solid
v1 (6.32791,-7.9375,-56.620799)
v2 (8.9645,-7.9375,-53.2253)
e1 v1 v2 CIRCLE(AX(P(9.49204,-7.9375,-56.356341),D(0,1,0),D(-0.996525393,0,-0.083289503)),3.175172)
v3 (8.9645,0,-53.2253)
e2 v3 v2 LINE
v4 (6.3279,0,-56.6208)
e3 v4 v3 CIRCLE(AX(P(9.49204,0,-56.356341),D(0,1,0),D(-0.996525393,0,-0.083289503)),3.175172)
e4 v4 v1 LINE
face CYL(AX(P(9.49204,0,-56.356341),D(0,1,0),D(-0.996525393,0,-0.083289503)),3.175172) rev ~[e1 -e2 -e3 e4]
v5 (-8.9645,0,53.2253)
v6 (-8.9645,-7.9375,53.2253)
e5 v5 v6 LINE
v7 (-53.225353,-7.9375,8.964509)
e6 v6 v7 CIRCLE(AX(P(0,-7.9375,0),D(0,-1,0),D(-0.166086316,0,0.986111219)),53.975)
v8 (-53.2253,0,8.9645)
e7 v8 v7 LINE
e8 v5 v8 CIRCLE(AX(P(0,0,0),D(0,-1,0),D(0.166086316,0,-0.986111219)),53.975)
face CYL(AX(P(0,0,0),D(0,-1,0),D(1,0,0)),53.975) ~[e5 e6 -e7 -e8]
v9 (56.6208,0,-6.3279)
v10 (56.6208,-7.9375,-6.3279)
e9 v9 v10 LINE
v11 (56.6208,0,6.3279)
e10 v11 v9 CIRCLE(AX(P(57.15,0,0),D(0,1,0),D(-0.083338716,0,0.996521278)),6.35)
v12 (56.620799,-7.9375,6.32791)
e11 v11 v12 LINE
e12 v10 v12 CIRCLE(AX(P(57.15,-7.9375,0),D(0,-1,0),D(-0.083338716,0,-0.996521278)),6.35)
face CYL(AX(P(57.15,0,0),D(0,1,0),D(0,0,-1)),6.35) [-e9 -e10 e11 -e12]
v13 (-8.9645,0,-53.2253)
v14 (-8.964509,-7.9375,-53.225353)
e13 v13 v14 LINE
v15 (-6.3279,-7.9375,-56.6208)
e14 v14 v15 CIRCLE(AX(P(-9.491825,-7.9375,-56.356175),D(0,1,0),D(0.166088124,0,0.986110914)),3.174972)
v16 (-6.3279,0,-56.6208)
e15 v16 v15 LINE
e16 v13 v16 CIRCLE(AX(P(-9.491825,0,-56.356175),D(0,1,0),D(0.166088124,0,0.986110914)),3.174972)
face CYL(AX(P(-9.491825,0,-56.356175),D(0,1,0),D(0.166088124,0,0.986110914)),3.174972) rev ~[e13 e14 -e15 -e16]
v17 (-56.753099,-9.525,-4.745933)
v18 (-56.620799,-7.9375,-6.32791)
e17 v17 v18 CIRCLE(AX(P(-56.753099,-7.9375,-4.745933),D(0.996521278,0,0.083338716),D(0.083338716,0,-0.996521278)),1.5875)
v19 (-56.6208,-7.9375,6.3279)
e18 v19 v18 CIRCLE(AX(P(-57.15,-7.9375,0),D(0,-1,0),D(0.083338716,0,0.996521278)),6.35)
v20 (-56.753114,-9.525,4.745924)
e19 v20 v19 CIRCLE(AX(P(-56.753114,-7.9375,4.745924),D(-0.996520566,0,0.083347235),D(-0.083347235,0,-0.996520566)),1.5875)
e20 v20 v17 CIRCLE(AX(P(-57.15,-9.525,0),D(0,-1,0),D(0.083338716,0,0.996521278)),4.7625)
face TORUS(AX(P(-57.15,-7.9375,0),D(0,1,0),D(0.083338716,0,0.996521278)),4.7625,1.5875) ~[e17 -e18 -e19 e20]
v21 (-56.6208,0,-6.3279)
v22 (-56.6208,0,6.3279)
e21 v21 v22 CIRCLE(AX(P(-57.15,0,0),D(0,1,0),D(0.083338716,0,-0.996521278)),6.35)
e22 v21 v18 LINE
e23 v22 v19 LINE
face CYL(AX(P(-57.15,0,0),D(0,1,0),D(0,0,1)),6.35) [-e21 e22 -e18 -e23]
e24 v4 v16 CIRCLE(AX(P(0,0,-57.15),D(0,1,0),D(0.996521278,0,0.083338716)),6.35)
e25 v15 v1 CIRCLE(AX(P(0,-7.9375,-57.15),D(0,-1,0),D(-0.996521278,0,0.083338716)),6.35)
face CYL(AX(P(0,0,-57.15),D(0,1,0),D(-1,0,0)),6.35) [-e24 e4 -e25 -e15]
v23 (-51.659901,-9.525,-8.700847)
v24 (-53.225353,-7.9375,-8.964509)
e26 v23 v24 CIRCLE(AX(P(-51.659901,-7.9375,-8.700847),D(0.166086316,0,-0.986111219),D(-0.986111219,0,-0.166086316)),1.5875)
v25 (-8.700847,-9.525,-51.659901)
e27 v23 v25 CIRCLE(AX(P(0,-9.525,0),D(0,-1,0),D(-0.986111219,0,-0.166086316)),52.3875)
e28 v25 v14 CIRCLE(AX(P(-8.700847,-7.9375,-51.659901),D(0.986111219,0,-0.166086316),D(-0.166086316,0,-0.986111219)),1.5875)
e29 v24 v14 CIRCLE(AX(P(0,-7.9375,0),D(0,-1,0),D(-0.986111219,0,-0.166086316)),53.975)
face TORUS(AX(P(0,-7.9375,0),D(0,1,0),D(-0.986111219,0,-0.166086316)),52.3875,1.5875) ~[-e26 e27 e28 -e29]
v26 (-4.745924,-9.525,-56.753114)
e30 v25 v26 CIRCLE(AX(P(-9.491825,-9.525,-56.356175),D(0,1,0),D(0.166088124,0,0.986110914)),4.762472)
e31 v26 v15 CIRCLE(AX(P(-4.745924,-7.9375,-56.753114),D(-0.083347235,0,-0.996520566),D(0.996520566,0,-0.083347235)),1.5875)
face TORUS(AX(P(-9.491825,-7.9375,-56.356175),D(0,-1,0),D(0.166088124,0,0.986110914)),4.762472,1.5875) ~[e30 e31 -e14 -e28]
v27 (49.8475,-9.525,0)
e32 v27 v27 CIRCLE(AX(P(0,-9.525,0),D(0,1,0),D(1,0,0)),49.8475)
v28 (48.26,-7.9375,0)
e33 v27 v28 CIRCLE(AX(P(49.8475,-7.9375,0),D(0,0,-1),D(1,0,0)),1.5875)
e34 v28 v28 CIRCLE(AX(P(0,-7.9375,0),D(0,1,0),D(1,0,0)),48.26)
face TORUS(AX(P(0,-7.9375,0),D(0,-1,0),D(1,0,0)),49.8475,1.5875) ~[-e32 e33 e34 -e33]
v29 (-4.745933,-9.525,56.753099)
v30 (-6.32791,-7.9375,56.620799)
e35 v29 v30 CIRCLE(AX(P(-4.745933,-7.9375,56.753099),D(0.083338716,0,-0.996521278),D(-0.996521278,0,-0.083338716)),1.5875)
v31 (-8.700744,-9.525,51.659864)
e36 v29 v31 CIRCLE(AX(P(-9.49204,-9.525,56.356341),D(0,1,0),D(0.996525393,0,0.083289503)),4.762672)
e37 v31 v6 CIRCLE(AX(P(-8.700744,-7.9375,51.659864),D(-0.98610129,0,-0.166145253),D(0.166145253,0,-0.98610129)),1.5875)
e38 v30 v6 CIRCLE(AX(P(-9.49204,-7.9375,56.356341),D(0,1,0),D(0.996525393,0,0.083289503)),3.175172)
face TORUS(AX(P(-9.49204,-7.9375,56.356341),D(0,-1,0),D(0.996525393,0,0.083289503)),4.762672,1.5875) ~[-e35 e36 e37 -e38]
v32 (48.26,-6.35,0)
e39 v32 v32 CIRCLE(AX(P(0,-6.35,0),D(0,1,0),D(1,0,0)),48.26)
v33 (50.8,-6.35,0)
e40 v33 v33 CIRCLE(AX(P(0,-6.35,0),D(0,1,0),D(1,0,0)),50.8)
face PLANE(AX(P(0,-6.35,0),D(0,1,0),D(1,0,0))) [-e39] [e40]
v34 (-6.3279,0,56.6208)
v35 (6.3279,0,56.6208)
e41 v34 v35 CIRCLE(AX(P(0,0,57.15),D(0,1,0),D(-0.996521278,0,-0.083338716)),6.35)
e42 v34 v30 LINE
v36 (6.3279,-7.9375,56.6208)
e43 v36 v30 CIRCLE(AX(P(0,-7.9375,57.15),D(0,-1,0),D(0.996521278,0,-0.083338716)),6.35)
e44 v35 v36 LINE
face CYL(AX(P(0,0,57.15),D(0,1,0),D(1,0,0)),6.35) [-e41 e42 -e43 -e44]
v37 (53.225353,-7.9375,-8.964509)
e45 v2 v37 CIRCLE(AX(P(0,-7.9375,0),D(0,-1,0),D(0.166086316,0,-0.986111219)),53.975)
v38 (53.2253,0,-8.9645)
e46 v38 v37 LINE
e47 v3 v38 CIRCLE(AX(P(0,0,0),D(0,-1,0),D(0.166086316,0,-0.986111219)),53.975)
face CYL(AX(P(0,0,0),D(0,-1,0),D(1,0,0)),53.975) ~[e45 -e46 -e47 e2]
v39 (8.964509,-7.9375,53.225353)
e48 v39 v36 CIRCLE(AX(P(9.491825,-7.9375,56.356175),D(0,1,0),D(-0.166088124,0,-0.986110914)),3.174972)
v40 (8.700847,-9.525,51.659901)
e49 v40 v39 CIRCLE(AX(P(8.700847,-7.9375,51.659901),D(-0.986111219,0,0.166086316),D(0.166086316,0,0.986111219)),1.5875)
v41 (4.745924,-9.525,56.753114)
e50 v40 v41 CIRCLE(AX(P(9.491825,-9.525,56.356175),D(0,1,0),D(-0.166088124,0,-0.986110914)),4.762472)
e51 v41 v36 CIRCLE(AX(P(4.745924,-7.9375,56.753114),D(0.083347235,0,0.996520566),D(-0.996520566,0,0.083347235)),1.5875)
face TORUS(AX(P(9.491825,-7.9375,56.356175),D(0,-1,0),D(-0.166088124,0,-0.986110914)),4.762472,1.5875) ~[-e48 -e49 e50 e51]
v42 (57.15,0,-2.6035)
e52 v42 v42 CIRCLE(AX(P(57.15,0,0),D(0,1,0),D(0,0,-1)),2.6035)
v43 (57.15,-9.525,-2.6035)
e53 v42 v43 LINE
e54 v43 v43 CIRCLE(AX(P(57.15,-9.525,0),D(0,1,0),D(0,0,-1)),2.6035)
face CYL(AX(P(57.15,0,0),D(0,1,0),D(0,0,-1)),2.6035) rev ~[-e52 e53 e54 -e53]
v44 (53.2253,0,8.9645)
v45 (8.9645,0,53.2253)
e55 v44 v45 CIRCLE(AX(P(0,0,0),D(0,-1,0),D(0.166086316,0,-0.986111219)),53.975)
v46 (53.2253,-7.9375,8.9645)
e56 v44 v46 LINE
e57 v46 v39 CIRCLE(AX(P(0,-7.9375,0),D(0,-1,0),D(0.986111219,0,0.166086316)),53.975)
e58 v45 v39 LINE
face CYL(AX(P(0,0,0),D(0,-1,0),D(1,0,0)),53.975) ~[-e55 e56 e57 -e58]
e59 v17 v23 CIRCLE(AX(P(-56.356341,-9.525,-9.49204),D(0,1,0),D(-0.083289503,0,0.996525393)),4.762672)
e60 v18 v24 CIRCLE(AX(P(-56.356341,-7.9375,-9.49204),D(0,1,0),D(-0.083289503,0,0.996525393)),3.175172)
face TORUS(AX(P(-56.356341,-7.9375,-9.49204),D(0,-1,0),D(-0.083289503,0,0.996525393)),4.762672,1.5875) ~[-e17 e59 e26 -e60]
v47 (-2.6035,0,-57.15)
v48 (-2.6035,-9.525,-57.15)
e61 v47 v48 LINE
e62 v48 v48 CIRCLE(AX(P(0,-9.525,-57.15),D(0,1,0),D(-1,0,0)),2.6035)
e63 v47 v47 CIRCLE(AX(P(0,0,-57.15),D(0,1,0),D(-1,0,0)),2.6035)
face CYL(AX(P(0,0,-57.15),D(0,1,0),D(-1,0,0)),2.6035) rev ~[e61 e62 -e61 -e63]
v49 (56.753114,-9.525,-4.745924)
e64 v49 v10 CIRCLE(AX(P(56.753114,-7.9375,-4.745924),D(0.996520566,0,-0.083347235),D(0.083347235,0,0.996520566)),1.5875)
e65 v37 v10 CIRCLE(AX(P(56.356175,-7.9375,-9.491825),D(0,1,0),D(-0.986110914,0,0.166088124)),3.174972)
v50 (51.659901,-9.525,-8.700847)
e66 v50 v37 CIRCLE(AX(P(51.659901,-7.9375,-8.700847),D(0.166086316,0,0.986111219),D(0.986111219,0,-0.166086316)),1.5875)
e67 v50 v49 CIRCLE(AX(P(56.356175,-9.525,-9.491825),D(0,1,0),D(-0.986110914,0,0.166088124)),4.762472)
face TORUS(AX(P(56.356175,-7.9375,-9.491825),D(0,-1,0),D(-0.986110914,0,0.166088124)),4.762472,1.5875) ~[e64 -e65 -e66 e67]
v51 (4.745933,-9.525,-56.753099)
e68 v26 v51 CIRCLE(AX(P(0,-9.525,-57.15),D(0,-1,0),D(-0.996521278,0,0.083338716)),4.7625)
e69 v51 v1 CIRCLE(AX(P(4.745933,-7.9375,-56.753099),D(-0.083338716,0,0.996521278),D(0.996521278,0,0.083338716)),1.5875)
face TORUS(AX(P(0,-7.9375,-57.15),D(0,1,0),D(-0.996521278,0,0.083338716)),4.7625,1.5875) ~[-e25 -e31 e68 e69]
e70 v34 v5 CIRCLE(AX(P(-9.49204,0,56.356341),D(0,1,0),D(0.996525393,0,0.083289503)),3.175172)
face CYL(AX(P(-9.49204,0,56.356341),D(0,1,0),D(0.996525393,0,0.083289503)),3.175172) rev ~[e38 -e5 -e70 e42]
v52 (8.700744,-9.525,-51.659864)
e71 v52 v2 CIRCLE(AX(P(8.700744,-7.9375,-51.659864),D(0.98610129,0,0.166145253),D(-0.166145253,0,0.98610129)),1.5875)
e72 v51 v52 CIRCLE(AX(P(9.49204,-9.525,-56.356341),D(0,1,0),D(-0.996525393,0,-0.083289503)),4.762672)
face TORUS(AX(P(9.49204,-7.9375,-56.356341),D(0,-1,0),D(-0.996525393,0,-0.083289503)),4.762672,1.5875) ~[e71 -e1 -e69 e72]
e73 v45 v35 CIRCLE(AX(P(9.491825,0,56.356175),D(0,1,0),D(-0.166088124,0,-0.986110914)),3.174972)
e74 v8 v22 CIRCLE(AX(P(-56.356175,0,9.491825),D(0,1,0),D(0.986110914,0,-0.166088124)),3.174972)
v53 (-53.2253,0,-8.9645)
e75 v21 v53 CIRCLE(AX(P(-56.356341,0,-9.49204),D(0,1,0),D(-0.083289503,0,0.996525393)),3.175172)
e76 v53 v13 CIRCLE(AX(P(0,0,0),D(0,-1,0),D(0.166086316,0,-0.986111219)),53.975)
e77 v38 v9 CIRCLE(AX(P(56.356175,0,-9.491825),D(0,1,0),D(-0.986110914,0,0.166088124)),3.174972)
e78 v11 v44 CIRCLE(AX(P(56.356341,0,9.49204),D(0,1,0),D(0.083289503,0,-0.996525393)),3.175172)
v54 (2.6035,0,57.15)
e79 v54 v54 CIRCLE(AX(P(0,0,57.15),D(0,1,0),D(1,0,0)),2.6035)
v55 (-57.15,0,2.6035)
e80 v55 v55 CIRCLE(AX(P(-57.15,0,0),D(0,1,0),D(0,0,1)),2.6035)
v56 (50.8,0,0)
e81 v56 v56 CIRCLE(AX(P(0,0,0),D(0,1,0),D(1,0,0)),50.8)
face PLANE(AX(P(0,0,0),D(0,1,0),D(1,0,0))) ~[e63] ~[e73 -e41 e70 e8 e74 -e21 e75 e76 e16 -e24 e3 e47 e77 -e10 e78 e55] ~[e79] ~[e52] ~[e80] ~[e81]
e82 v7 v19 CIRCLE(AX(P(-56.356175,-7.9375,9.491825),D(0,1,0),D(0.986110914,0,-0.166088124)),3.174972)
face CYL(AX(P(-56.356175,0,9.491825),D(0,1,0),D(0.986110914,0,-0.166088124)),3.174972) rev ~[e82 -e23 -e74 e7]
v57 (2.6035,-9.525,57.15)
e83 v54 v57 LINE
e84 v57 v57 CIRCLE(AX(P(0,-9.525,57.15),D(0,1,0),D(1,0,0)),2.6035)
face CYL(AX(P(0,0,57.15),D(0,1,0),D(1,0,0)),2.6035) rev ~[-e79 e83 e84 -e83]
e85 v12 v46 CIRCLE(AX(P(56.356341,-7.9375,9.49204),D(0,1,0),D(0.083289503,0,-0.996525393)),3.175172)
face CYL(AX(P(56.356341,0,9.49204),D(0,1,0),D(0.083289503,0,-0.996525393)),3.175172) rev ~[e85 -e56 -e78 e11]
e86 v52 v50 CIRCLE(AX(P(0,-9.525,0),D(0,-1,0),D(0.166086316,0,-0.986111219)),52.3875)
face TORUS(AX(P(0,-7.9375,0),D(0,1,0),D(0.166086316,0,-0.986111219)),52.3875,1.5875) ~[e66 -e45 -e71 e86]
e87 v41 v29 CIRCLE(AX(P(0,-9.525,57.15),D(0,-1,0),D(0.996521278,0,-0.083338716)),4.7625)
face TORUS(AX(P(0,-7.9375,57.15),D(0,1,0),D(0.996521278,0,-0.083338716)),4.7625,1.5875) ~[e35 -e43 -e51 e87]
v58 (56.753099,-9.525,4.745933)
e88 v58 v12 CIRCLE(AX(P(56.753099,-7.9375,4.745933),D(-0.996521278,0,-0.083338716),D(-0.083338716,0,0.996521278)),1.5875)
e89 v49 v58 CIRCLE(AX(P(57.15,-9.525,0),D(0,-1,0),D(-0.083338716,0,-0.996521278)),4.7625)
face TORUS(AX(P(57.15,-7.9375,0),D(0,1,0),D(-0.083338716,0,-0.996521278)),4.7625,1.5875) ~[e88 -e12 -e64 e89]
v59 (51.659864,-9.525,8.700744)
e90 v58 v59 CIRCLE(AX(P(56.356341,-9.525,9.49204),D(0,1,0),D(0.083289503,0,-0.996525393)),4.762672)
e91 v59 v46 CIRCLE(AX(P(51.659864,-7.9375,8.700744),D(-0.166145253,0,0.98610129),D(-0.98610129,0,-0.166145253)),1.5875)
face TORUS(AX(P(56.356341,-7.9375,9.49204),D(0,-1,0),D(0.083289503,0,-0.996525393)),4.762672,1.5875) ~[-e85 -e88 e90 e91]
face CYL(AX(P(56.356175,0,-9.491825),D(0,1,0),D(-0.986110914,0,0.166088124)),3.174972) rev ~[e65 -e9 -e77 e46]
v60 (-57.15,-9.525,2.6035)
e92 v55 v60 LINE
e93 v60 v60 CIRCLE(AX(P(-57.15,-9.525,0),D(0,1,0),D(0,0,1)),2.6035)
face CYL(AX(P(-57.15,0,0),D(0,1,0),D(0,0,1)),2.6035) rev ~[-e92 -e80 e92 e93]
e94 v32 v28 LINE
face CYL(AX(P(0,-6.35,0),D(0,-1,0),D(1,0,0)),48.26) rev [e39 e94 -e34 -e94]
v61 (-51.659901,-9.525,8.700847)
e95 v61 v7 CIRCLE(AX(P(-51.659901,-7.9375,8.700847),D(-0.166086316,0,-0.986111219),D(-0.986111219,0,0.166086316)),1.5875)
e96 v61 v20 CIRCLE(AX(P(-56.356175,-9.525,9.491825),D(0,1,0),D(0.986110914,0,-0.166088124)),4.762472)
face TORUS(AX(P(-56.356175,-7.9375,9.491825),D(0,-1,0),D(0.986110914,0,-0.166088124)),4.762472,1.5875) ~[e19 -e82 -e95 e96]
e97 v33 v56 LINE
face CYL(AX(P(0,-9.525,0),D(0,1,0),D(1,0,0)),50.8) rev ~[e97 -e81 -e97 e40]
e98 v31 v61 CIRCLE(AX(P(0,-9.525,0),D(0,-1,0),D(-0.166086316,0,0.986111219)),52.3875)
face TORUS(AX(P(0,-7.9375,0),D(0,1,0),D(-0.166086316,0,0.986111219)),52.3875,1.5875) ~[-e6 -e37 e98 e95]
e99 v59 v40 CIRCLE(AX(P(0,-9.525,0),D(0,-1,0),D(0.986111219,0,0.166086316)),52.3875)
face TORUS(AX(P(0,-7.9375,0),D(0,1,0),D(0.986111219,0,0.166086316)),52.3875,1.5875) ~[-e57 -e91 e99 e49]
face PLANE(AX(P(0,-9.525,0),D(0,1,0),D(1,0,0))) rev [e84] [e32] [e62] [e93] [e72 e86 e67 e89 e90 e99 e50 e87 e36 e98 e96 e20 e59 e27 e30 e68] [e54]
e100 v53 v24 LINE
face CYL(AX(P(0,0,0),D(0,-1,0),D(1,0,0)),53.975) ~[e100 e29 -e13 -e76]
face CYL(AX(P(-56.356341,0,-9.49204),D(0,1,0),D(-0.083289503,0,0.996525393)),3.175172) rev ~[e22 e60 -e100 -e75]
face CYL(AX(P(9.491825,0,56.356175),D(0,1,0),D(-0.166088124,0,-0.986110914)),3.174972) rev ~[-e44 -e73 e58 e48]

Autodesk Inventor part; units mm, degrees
ref_plane "YZ Plane" through (0, 0, 0) normal (1, 0, 0) x (0, 1, 0)
ref_plane "XZ Plane" through (0, 0, 0) normal (0, 1, 0) x (-1, 0, 0)
ref_plane "XY Plane" through (0, 0, 0) normal (0, 0, 1) x (1, 0, 0)
sketch "Sketch1" plane through (0, 0, 0) normal (0, 0, 1) x (1, 0, 0)
  line L0 (0, 0) -> (50.8, 0) construction
  line L1 (50.8, 0) -> (50.8, -6.35) construction
  line L2 (50.8, -6.35) -> (0, -6.35) construction
  line L3 (0, -6.35) -> (0, 0) construction
  line L4 (50.8, -6.35) -> (48.26, -6.35)
  line L5 (48.26, -6.35) -> (48.26, -9.525)
  line L6 (48.26, -9.525) -> (50.8, -9.525)
  line L7 (50.8, -9.525) -> (50.8, -6.35)
  line L8 (50.8, 0) -> (53.975, 0)
  line L9 (53.975, 0) -> (53.975, -9.525)
  line L10 (53.975, -9.525) -> (50.8, -9.525)
  line L11 (50.8, -9.525) -> (50.8, 0)
  dimension "d0" = 50.8
  dimension "d2" = 6.35
  dimension "d3" = 2.54
  dimension "d5" = 9.525
  dimension "d20" = 53.975
revolve "Revolution1" add sketch "Sketch1" angle 360 about axis through (0, -6.35, 0) along (0, 1, 0)
sketch "Sketch2" plane through (0, 0, 0) normal (0, 1, 0) x (-1, 0, 0)
  circle A0 centre (0, 0) radius 53.975 projected
  circle A1 centre (0, -57.15) radius 6.35
  circle A2 centre (0, 0) radius 53.975 projected
  circle A3 centre (9.4919, -56.3563) radius 3.175 construction
  circle A4 centre (-9.4919, -56.3563) radius 3.175 construction
  circle A5 centre (0, -57.15) radius 2.6035
  arc A6 (8.9645, -53.2253) -> (6.3279, -56.6208) centre (9.4919, -56.3563) ccw
  arc A7 (-6.3279, -56.6208) -> (-8.9645, -53.2253) centre (-9.4919, -56.3563) ccw
  point P0 (8.9645, -53.2253)
  point P1 (-8.9645, -53.2253)
  dimension "d7" = 5.207
  dimension "d16" = 57.15
  dimension "d18" = 12.7
  dimension "d19" = 6.35
extrude "Extrusion1" add sketch "Sketch2" against normal up to surface (9.525 mm away) contours A0 A1 A7 | A6 A1 A0 | A0 A1 picked at (5.0111, -57.8774)
pattern_circular "Circular Pattern1" count 4 over 360 about axis through (0, -10, 0) along (0, 1, 0) of "Extrusion1"
fillet "Fillet1" radius 1.5875 5 edges at (-48.26, -9.525, 0) (-38.1661, -9.525, -38.1661) (-38.1661, -9.525, 38.1661) (38.1661, -9.525, 38.1661) (38.1661, -9.525, -38.1661)
properties part number "BearingClamp" material "ABS Plastic"
